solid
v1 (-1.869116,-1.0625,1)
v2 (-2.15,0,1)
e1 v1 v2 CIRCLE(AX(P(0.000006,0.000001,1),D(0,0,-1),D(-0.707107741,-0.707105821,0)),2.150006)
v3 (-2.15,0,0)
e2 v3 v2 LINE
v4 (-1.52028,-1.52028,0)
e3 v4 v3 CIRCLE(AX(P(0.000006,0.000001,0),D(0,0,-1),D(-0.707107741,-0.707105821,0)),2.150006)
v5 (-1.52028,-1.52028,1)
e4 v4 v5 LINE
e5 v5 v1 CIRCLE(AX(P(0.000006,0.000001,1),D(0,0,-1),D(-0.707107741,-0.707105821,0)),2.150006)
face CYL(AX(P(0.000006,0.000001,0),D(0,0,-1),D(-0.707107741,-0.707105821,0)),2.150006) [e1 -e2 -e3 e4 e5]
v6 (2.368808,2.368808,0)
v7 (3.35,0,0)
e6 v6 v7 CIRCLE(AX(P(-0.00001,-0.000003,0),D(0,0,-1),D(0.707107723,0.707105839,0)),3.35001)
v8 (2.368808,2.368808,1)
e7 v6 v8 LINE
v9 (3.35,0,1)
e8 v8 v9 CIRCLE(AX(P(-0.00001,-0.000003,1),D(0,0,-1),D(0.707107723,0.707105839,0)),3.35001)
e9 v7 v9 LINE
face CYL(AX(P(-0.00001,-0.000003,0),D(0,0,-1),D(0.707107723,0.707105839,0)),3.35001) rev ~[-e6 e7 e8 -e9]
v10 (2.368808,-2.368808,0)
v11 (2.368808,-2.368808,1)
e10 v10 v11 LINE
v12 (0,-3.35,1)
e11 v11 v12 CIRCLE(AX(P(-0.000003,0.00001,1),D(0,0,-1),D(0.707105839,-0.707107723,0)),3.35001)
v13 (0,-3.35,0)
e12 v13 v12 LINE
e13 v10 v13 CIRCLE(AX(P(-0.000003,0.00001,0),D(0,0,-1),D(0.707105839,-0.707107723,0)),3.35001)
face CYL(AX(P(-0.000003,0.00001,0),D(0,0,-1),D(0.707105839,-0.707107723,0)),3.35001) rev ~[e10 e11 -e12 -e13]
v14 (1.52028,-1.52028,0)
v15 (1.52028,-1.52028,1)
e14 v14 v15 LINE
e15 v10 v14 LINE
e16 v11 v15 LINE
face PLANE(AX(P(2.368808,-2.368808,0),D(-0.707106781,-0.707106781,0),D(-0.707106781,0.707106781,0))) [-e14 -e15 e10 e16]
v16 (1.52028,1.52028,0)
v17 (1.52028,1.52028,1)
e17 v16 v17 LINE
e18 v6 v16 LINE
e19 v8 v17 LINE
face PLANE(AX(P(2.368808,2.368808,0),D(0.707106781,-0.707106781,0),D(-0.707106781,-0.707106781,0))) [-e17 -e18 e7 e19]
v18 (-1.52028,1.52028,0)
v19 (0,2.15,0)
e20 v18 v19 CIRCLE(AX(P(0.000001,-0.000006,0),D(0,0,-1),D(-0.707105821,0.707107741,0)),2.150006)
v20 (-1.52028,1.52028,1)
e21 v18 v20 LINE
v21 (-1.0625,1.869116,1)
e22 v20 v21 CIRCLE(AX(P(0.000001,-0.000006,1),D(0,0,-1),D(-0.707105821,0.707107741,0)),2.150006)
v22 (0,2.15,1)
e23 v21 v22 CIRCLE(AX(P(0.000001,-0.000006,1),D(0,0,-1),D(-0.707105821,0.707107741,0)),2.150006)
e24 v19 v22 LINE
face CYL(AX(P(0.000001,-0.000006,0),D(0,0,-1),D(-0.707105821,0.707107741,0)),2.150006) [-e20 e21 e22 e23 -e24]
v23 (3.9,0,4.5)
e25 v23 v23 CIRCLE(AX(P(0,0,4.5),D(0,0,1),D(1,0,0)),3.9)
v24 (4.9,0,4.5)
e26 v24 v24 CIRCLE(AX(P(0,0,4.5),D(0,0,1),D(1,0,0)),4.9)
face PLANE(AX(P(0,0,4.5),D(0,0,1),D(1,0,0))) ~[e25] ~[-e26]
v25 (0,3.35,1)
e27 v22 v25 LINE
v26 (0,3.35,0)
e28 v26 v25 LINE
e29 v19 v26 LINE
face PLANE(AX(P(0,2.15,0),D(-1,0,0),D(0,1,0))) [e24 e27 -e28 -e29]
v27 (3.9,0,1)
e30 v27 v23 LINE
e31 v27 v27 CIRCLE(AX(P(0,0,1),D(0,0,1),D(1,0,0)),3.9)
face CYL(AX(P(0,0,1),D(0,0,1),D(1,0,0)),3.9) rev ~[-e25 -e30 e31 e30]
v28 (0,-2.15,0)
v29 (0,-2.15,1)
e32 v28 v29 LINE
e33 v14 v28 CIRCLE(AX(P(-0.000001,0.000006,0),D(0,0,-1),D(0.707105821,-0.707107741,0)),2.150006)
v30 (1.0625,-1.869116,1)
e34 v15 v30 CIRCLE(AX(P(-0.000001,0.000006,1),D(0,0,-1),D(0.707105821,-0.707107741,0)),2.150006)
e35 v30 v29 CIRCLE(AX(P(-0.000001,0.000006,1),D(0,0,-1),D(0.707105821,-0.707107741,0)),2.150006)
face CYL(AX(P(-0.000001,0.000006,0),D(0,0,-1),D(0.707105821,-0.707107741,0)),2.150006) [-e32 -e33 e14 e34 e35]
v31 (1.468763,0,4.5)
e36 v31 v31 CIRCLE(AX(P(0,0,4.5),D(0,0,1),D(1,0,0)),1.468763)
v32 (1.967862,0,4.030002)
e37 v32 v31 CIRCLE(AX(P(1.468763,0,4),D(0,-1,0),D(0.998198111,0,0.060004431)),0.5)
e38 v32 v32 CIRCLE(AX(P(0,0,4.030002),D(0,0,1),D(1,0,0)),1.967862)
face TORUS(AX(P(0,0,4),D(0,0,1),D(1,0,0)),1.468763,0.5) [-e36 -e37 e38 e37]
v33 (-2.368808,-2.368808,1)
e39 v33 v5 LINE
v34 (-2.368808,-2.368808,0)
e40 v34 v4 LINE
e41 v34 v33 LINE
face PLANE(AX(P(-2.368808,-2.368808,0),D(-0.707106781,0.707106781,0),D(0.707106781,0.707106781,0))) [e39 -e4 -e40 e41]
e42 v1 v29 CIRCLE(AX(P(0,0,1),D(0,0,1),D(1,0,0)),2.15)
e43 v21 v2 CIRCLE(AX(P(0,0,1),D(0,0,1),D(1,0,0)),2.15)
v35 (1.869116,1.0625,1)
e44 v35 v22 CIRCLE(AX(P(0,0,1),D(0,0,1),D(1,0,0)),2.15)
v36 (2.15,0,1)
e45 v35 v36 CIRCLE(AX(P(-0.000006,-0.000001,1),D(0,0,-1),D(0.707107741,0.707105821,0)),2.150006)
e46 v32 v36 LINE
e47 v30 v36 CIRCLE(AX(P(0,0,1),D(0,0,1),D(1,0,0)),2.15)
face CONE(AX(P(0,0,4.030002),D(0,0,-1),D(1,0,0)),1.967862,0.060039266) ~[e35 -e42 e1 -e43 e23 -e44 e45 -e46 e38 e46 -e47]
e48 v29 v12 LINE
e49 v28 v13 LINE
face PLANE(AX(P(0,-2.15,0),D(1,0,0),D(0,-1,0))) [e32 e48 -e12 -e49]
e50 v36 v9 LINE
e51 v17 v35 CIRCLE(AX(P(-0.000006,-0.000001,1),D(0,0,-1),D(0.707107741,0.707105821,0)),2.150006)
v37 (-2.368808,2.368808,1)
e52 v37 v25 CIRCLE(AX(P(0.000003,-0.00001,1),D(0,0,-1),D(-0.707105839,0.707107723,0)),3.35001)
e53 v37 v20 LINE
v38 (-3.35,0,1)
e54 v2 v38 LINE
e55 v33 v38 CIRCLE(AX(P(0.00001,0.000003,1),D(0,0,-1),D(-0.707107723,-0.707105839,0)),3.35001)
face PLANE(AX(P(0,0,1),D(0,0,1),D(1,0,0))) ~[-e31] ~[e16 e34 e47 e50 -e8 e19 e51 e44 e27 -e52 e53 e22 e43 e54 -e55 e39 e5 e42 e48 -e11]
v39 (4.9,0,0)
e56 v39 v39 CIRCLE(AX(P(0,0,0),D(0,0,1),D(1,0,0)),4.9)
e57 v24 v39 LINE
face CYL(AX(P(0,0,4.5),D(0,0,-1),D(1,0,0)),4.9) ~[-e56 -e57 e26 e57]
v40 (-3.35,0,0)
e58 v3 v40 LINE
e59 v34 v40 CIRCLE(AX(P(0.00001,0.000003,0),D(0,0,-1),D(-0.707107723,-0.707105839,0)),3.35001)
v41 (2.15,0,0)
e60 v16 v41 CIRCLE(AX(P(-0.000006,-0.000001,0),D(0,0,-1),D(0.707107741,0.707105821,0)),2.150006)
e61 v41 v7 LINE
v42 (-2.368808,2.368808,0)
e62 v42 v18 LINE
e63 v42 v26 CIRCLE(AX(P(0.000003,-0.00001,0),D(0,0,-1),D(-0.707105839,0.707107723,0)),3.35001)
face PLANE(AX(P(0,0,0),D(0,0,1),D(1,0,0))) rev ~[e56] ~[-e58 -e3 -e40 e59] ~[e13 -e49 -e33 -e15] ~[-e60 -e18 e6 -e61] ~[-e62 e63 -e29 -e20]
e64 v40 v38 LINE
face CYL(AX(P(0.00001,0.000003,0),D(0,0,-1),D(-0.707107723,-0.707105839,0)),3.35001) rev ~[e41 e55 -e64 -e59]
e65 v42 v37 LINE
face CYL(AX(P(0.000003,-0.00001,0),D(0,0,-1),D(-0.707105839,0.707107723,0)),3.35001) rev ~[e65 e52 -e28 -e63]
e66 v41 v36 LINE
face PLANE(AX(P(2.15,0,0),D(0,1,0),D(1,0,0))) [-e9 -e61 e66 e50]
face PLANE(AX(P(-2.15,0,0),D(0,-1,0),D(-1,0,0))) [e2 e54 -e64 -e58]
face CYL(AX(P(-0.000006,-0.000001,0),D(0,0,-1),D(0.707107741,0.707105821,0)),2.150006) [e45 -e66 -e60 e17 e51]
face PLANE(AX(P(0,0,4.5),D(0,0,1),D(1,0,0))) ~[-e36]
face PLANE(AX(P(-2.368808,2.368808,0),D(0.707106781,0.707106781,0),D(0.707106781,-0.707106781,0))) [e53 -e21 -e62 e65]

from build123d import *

# Parameters (mm, degrees)
POCKET_DEPTH    = 4.501
POCKET001_DEPTH = 4.501
POCKET002_DEPTH = 4.501
POCKET003_DEPTH = 4.501


with BuildPart() as part:
    # Sketch → Revolution (revolve)
    with BuildSketch(Plane.XZ):
        with BuildLine():
            Line((0, 4.5), (1.468763, 4.5))
            ThreePointArc((1.967862, 4.030002), (1.811545, 4.364006), (1.468763, 4.5))
            Line((1.967862, 4.030002), (2.15, 1))
            Line((2.15, 1), (3.9, 1))
            Line((3.9, 1), (3.9, 4.5))
            Line((3.9, 4.5), (4.9, 4.5))
            Line((4.9, 4.5), (4.9, 0))
            Line((4.9, 0), (0, 0))
            Line((0, 0), (0, 4.5))
        make_face()
    revolve(axis=Axis((0, 0, 0), (0, 0, 1)))

    # Sketch002 (on Face6 of Revolution) → Pocket (cut, through all)
    with BuildSketch(Plane(origin=(0, 0, 0), x_dir=(1, 0, 0), z_dir=(0, 0, -1))):
        with BuildLine():
            Line((-2.15, 0), (-3.35, 0))
            ThreePointArc((-2.368808, 2.368808), (-3.094996, 1.281989), (-3.35, 0))
            Line((-2.368808, 2.368808), (-1.52028, 1.52028))
            ThreePointArc((-1.52028, 1.52028), (-1.986341, 0.822769), (-2.15, 0))
        make_face()
    extrude(amount=-POCKET_DEPTH, mode=Mode.SUBTRACT)

    # Sketch003 (on Face6 of Revolution) → Pocket001 (cut, through all)
    with BuildSketch(Plane(origin=(0, 0, 0), x_dir=(1, 0, 0), z_dir=(0, 0, -1))):
        with BuildLine():
            Line((0, 2.15), (0, 3.35))
            ThreePointArc((2.368808, 2.368808), (1.281989, 3.094996), (0, 3.35))
            Line((2.368808, 2.368808), (1.52028, 1.52028))
            ThreePointArc((1.52028, 1.52028), (0.822769, 1.986341), (0, 2.15))
        make_face()
    extrude(amount=-POCKET001_DEPTH, mode=Mode.SUBTRACT)

    # Sketch004 (on Face6 of Revolution) → Pocket002 (cut, through all)
    with BuildSketch(Plane(origin=(0, 0, 0), x_dir=(1, 0, 0), z_dir=(0, 0, -1))):
        with BuildLine():
            Line((2.15, 0), (3.35, 0))
            ThreePointArc((2.368808, -2.368808), (3.094996, -1.281989), (3.35, 0))
            Line((2.368808, -2.368808), (1.52028, -1.52028))
            ThreePointArc((1.52028, -1.52028), (1.986341, -0.822769), (2.15, 0))
        make_face()
    extrude(amount=-POCKET002_DEPTH, mode=Mode.SUBTRACT)

    # Sketch005 (on Face6 of Revolution) → Pocket003 (cut, through all)
    with BuildSketch(Plane(origin=(0, 0, 0), x_dir=(1, 0, 0), z_dir=(0, 0, -1))):
        with BuildLine():
            Line((0, -2.15), (0, -3.35))
            ThreePointArc((-2.368808, -2.368808), (-1.281989, -3.094996), (0, -3.35))
            Line((-2.368808, -2.368808), (-1.52028, -1.52028))
            ThreePointArc((-1.52028, -1.52028), (-0.822769, -1.986341), (0, -2.15))
        make_face()
    extrude(amount=-POCKET003_DEPTH, mode=Mode.SUBTRACT)


solid = part.part
